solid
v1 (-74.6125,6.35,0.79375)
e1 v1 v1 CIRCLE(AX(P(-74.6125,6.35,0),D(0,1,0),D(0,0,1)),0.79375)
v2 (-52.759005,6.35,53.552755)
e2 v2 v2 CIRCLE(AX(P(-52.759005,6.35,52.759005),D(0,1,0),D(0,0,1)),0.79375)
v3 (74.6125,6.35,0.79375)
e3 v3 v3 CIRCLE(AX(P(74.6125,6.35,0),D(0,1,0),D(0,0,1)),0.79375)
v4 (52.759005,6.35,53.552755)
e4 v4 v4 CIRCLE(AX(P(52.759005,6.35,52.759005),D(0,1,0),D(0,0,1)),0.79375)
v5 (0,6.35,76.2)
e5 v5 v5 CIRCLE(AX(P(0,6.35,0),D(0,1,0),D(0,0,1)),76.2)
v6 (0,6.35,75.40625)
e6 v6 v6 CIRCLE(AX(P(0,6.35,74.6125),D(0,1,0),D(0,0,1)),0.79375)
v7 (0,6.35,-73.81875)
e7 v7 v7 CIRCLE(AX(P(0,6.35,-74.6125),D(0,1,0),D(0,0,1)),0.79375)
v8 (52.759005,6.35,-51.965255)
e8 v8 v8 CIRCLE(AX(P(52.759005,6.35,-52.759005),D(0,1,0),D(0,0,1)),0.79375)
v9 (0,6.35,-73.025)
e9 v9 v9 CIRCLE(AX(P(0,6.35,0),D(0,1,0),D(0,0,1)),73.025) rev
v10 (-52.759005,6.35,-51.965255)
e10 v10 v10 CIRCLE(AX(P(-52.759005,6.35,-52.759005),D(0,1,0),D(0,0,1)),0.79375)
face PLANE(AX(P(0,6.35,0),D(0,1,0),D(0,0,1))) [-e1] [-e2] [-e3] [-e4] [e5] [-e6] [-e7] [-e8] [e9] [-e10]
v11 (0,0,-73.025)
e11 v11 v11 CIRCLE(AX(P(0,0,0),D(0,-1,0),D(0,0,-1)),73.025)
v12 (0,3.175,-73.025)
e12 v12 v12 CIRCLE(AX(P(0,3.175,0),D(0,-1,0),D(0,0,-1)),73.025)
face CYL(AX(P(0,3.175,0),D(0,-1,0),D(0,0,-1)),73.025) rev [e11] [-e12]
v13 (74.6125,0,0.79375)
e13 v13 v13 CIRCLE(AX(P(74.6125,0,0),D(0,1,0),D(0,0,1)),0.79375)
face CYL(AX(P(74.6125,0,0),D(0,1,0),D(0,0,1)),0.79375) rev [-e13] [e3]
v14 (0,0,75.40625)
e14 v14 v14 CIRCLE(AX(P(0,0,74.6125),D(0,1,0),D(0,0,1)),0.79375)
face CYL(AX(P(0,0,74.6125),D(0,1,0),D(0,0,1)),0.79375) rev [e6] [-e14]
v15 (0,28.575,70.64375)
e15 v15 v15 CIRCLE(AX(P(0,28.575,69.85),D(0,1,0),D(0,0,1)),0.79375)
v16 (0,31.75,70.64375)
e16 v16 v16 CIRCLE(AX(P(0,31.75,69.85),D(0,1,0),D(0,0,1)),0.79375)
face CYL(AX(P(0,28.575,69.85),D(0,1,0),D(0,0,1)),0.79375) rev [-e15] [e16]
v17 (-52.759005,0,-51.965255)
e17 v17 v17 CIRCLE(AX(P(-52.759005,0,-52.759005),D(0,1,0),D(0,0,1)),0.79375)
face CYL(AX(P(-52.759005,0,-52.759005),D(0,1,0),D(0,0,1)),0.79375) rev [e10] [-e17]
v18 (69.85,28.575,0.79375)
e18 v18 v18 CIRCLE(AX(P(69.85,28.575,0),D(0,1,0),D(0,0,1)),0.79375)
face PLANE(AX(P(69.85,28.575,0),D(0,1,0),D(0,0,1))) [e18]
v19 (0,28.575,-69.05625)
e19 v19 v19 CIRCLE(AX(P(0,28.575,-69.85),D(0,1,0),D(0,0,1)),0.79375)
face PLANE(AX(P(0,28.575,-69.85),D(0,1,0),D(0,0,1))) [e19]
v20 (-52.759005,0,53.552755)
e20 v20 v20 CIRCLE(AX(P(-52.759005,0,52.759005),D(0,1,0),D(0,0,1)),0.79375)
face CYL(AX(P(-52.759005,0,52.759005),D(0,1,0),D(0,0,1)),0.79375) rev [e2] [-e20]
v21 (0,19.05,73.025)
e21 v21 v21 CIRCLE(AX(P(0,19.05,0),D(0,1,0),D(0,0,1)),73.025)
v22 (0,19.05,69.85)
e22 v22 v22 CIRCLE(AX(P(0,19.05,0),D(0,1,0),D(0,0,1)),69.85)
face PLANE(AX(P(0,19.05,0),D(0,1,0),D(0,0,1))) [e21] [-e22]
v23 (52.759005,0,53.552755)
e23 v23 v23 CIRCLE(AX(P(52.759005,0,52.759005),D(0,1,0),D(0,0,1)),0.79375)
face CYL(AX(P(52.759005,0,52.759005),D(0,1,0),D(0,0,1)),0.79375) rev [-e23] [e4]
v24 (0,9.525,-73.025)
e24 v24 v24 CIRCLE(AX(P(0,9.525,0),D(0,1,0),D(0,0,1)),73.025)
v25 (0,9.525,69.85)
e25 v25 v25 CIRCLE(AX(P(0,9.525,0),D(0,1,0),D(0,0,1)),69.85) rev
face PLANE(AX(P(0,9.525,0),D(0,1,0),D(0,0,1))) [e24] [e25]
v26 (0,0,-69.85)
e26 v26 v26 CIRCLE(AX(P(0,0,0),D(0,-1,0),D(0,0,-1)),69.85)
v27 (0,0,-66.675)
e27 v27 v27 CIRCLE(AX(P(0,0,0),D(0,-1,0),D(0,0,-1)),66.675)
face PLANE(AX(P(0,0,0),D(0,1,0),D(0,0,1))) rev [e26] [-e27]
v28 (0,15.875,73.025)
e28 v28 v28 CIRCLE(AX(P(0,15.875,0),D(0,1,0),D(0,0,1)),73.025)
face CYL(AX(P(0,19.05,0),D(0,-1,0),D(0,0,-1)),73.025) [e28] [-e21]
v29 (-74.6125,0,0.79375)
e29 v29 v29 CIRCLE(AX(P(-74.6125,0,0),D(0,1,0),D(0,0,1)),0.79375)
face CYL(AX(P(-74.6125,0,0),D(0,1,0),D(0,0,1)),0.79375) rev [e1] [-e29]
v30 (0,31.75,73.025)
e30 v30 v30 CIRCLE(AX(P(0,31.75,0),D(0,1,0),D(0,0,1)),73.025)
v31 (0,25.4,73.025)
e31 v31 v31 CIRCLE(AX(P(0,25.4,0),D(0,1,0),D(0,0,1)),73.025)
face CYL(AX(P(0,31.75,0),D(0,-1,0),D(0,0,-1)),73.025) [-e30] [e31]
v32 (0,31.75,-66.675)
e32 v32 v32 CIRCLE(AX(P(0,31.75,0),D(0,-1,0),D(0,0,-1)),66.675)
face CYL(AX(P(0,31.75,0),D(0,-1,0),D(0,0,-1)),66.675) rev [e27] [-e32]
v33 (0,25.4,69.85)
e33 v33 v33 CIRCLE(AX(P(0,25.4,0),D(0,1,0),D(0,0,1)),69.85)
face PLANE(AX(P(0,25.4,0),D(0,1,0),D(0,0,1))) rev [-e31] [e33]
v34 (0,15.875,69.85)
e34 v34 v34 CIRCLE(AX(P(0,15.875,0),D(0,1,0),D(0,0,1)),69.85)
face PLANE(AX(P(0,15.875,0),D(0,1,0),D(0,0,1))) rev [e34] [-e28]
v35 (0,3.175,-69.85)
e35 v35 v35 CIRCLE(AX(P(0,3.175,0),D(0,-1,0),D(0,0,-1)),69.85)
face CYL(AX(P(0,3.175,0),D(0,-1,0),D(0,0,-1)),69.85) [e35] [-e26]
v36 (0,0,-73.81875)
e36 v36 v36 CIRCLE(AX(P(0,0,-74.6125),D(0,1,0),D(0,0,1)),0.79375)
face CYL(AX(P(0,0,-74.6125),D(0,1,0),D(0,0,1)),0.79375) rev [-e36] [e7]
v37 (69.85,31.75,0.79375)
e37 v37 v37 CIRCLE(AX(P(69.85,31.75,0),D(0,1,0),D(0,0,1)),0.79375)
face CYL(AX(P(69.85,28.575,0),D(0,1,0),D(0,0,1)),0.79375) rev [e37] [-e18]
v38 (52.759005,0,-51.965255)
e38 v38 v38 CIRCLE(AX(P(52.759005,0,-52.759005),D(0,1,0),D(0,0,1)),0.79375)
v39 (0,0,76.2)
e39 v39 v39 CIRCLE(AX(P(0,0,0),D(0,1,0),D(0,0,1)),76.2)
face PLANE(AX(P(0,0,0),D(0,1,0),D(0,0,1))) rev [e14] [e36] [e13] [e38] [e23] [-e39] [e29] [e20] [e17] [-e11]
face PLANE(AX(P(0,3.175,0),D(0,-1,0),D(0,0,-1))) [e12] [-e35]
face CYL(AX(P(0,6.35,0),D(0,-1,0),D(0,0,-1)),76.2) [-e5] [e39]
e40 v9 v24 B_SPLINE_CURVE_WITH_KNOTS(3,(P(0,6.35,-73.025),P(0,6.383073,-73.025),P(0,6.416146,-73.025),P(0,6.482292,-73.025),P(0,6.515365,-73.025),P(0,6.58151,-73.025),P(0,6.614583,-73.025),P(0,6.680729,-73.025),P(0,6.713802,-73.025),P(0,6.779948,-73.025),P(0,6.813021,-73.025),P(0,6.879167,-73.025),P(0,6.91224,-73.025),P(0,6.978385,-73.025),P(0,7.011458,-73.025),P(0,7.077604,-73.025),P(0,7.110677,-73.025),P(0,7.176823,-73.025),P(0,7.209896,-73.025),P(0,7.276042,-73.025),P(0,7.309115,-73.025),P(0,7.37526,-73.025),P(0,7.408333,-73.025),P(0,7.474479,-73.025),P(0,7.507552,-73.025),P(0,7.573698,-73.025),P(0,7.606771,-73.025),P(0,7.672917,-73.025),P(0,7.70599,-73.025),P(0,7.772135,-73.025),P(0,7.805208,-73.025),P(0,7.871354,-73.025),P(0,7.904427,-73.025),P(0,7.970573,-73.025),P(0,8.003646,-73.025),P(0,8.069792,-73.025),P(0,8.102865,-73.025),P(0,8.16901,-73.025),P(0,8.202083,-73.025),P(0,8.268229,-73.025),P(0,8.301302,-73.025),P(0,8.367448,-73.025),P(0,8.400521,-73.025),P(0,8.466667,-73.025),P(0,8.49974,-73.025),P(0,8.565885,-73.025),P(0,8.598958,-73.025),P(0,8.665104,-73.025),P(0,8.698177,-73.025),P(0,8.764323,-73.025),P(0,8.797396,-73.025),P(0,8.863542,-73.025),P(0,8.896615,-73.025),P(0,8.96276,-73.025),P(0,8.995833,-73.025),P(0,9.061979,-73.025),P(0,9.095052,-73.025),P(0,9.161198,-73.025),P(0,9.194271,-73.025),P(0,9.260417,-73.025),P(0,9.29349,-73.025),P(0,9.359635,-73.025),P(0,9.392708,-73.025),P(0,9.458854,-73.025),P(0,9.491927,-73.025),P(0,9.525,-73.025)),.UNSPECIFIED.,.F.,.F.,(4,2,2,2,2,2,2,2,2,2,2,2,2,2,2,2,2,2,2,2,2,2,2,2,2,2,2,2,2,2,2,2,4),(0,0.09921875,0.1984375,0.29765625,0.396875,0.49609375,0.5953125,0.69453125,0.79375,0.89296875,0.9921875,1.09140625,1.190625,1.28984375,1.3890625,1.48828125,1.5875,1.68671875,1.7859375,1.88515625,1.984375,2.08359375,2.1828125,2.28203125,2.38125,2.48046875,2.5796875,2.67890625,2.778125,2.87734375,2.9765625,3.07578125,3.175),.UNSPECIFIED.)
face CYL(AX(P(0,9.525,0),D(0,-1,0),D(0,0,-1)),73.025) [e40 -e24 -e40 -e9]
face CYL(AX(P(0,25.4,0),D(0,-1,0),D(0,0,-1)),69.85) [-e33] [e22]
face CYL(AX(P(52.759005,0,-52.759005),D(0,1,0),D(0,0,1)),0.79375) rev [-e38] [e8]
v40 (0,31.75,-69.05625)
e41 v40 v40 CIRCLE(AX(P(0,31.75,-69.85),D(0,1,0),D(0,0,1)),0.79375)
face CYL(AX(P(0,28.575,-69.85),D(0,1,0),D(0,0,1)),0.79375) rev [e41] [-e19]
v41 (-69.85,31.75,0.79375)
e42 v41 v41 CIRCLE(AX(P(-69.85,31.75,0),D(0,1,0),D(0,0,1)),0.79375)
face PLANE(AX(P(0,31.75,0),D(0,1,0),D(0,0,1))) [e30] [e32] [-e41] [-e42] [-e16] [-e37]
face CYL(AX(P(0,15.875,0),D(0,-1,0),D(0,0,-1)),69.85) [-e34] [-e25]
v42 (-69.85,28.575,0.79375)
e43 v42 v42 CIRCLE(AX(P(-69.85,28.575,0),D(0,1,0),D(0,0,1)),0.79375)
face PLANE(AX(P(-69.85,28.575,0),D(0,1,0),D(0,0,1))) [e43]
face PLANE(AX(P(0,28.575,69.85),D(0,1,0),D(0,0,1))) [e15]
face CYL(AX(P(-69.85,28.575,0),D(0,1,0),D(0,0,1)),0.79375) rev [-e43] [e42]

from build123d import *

# Parameters (mm, degrees)
SKETCH2_R           = 76.2
BOSS_EXTRUDE1_DEPTH = 6.35
SKETCH3_R           = 73.025
BOSS_EXTRUDE2_DEPTH = 9.525
SKETCH4_R           = 69.85
BOSS_EXTRUDE3_DEPTH = 15.875
SKETCH6_R           = 73.025
BOSS_EXTRUDE4_DEPTH = 3.175
SKETCH7_R           = 69.85
BOSS_EXTRUDE5_DEPTH = 6.35
SKETCH8_R           = 73.025
BOSS_EXTRUDE6_DEPTH = 6.35
SKETCH9_R           = 66.675
CUT_EXTRUDE1_DEPTH  = 113.342968182
SKETCH10_R          = 0.79375
CUT_EXTRUDE2_DEPTH  = 111.716033166
SKETCH11_R          = 73.025
SKETCH11_R_2        = 69.85
CUT_EXTRUDE3_DEPTH  = 3.175
SKETCH12_R          = 0.79375
CUT_EXTRUDE4_DEPTH  = 3.175


with BuildPart() as part:
    # Sketch2 → Boss-Extrude1 (new body)
    with BuildSketch(Plane(origin=(0, 0, 0), x_dir=(1, 0, 0), z_dir=(0, 1, 0))):
        with Locations(Location((0, 0, 0), (0, 0, 270))):
            Circle(SKETCH2_R)
    extrude(amount=BOSS_EXTRUDE1_DEPTH)

    # Sketch3 → Boss-Extrude2 (add)
    with BuildSketch(Plane(origin=(0, 0, 0), x_dir=(1, 0, 0), z_dir=(0, 1, 0))):
        with Locations(Location((0, 0, 0), (0, 0, 90))):
            Circle(SKETCH3_R)
    extrude(amount=BOSS_EXTRUDE2_DEPTH)

    # Sketch4 → Boss-Extrude3 (add)
    with BuildSketch(Plane(origin=(0, 0, 0), x_dir=(1, 0, 0), z_dir=(0, 1, 0))):
        with Locations(Location((0, 0, 0), (0, 0, 270))):
            Circle(SKETCH4_R)
    extrude(amount=BOSS_EXTRUDE3_DEPTH)

    # Sketch6 → Boss-Extrude4 (add)
    with BuildSketch(Plane(origin=(0, 15.875, 0), x_dir=(1, 0, 0), z_dir=(0, 1, 0))):
        with Locations(Location((0, 0, 0), (0, 0, 90))):
            Circle(SKETCH6_R)
    extrude(amount=BOSS_EXTRUDE4_DEPTH)

    # Sketch7 → Boss-Extrude5 (add)
    with BuildSketch(Plane(origin=(0, 19.05, 0), x_dir=(1, 0, 0), z_dir=(0, 1, 0))):
        with Locations(Location((0, 0, 0), (0, 0, 270))):
            Circle(SKETCH7_R)
    extrude(amount=BOSS_EXTRUDE5_DEPTH)

    # Sketch8 → Boss-Extrude6 (add)
    with BuildSketch(Plane(origin=(0, 25.4, 0), x_dir=(1, 0, 0), z_dir=(0, 1, 0))):
        with Locations(Location((0, 0, 0), (0, 0, 90))):
            Circle(SKETCH8_R)
    extrude(amount=BOSS_EXTRUDE6_DEPTH)

    # Sketch9 → Cut-Extrude1 (cut, through all)
    with BuildSketch(Plane.XZ):
        with Locations(Location((0, 0, 0), (0, 0, 270))):
            Circle(SKETCH9_R)
    extrude(amount=-CUT_EXTRUDE1_DEPTH, mode=Mode.SUBTRACT)

    # Sketch10 → Cut-Extrude2 (cut, through all)
    with BuildSketch(Plane(origin=(0, 6.35, 0), x_dir=(1, 0, 0), z_dir=(0, 1, 0))):
        with Locations(Location((0, 74.6125, 0), (0, 0, 270))):
            Circle(SKETCH10_R)
        with Locations(Location((52.759004711, 52.759004711, 0), (0, 0, 270))):
            Circle(SKETCH10_R)
        with Locations(Location((74.6125, 0, 0), (0, 0, 270))):
            Circle(SKETCH10_R)
        with Locations(Location((52.759004711, -52.759004711, 0), (0, 0, 270))):
            Circle(SKETCH10_R)
        with Locations(Location((0, -74.6125, 0), (0, 0, 270))):
            Circle(SKETCH10_R)
        with Locations(Location((-52.759004711, -52.759004711, 0), (0, 0, 270))):
            Circle(SKETCH10_R)
        with Locations(Location((-74.6125, 0, 0), (0, 0, 270))):
            Circle(SKETCH10_R)
        with Locations(Location((-52.759004711, 52.759004711, 0), (0, 0, 270))):
            Circle(SKETCH10_R)
    extrude(amount=-CUT_EXTRUDE2_DEPTH, mode=Mode.SUBTRACT)

    # Sketch11 → Cut-Extrude3 (cut)
    with BuildSketch(Plane.XZ):
        with Locations(Location((0, 0, 0), (0, 0, 270))):
            Circle(SKETCH11_R)
        with Locations(Location((0, 0, 0), (0, 0, 90))):
            Circle(SKETCH11_R_2, mode=Mode.SUBTRACT)
    extrude(amount=-CUT_EXTRUDE3_DEPTH, mode=Mode.SUBTRACT)

    # Sketch12 → Cut-Extrude4 (cut)
    with BuildSketch(Plane(origin=(0, 31.75, 0), x_dir=(1, 0, 0), z_dir=(0, 1, 0))):
        with Locations(Location((0, -69.85, 0), (0, 0, 270))):
            Circle(SKETCH12_R)
        with Locations(Location((-69.85, 0, 0), (0, 0, 270))):
            Circle(SKETCH12_R)
        with Locations(Location((0, 69.85, 0), (0, 0, 270))):
            Circle(SKETCH12_R)
        with Locations(Location((69.85, 0, 0), (0, 0, 270))):
            Circle(SKETCH12_R)
    extrude(amount=-CUT_EXTRUDE4_DEPTH, mode=Mode.SUBTRACT)


solid = part.part
